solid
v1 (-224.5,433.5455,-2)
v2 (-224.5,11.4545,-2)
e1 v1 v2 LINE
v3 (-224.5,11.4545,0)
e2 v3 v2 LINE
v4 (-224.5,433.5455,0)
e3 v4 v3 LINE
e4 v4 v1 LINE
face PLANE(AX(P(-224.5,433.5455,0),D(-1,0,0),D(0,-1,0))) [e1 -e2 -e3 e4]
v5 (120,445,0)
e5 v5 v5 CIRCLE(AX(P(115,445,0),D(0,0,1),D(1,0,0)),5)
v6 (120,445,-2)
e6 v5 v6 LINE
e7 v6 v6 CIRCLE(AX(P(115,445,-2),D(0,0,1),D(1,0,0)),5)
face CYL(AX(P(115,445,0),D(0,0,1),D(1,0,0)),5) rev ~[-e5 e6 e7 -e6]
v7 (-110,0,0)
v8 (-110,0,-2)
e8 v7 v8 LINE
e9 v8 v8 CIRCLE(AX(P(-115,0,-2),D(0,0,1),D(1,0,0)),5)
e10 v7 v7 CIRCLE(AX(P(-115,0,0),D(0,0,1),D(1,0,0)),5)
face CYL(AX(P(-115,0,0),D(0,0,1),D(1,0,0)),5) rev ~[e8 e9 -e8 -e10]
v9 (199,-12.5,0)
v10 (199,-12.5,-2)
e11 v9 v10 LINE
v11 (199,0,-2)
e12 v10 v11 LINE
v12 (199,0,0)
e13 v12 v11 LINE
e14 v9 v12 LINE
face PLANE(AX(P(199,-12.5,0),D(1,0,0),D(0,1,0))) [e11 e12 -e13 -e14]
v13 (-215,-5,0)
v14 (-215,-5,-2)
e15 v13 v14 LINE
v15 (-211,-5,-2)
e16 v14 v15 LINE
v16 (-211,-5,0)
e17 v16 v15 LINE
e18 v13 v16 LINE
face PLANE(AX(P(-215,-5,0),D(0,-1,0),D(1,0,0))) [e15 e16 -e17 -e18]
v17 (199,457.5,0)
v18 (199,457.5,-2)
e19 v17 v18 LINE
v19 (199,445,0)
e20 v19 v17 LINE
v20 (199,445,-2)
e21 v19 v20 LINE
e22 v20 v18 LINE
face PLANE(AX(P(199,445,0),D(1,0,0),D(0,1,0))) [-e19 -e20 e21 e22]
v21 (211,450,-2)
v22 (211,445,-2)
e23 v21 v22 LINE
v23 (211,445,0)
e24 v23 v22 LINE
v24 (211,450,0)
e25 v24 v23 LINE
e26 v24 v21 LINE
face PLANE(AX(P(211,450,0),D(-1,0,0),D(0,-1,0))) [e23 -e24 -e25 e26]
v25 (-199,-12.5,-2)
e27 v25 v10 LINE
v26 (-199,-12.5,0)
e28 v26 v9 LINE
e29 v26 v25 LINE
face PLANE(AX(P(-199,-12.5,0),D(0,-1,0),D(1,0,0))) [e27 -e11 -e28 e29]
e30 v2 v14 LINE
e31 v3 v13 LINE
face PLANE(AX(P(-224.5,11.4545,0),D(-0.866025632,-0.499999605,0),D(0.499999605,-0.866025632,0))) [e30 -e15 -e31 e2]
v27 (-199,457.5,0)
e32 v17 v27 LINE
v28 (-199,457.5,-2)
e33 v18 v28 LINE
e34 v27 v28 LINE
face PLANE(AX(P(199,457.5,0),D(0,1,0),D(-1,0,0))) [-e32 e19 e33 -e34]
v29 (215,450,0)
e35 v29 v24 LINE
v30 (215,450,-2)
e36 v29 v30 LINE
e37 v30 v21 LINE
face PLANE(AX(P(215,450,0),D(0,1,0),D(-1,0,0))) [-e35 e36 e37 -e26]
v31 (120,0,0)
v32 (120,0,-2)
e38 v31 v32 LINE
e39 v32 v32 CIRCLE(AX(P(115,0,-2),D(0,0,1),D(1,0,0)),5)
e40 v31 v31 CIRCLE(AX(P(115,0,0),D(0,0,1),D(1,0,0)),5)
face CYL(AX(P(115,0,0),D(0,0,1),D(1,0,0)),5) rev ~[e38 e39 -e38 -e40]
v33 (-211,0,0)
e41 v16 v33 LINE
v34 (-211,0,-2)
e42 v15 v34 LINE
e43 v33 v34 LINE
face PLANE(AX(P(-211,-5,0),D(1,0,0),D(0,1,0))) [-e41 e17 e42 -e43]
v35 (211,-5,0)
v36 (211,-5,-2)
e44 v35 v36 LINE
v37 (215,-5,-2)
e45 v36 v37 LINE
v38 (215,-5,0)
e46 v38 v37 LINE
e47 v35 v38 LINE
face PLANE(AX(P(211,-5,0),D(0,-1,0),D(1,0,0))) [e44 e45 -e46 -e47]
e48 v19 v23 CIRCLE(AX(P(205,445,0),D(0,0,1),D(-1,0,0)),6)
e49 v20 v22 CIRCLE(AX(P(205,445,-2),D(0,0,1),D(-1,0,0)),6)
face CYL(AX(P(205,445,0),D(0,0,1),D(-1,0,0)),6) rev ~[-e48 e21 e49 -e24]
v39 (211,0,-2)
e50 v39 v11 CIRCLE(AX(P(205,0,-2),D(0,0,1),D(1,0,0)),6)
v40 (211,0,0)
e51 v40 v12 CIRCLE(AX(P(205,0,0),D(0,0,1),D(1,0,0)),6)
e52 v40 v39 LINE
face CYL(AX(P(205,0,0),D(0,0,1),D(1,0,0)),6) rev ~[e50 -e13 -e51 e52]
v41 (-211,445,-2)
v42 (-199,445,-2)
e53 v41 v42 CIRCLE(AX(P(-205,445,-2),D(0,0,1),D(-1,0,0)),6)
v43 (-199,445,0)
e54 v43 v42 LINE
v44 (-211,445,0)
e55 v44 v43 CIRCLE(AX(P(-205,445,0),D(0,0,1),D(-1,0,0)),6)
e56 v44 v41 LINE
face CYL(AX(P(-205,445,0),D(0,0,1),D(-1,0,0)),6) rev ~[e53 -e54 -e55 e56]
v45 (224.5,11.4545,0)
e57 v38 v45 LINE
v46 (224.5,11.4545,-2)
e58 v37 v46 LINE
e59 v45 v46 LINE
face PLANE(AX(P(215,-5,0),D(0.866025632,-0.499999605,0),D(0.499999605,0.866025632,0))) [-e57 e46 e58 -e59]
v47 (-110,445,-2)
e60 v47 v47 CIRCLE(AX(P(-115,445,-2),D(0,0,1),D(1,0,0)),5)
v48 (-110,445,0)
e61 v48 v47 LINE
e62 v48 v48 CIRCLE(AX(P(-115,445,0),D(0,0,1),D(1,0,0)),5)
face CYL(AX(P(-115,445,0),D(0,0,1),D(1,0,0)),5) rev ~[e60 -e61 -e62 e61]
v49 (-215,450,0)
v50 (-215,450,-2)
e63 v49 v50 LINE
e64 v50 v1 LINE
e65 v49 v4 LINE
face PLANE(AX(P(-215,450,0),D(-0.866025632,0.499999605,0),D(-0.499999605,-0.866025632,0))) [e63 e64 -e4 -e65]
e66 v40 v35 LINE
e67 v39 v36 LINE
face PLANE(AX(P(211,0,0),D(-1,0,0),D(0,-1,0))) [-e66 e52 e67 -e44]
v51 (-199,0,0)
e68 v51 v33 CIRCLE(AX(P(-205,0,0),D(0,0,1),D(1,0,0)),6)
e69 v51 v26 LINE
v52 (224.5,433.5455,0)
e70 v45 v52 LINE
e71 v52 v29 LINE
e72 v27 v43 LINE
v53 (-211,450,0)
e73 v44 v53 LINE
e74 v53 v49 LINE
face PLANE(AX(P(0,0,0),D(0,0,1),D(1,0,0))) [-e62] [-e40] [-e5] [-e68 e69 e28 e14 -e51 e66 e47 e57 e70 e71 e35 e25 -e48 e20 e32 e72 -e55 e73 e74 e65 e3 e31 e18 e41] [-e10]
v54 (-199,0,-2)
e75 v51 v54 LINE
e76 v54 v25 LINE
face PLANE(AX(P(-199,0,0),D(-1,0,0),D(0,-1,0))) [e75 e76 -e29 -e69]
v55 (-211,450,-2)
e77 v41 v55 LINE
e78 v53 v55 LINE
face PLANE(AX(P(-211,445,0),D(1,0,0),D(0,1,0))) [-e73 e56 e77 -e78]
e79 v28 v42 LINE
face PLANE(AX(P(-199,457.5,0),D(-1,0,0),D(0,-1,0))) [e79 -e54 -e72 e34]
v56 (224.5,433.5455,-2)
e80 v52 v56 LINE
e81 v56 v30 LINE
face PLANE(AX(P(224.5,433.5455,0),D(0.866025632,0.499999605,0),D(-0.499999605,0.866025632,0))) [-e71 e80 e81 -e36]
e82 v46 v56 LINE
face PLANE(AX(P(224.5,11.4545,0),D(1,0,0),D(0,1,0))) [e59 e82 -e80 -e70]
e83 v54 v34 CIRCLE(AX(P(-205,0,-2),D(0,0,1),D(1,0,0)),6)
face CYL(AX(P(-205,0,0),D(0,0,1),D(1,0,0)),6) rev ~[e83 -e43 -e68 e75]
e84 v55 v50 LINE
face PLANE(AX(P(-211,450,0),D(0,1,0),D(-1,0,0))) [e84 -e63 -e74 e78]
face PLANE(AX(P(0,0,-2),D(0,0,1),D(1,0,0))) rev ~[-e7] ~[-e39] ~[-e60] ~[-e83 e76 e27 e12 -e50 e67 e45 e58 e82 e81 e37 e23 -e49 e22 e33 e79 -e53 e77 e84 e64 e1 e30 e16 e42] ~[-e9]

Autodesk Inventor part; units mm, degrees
sketch "Skizze_2" plane through (0, 0, 0) normal (0, 0, 1) x (1, 0, 0)
  line L0 (-224.5, 433.5455) -> (-224.5, 11.4545)
  line L1 (-224.5, 11.4545) -> (-215, -5)
  line L2 (-215, -5) -> (-211, -5)
  line L3 (-211, -5) -> (-211, 0)
  arc A0 (-199, 0) -> (-211, 0) centre (-205, 0) ccw
  line L4 (-199, 0) -> (-199, -12.5)
  line L5 (-199, -12.5) -> (199, -12.5)
  line L6 (199, -12.5) -> (199, 0)
  arc A1 (211, 0) -> (199, 0) centre (205, 0) ccw
  line L7 (211, 0) -> (211, -5)
  line L8 (211, -5) -> (215, -5)
  line L9 (215, -5) -> (224.5, 11.4545)
  line L10 (224.5, 11.4545) -> (224.5, 433.5455)
  line L11 (224.5, 433.5455) -> (215, 450)
  line L12 (215, 450) -> (211, 450)
  line L13 (211, 450) -> (211, 445)
  arc A2 (199, 445) -> (211, 445) centre (205, 445) ccw
  line L14 (199, 445) -> (199, 457.5)
  line L15 (199, 457.5) -> (-199, 457.5)
  line L16 (-199, 457.5) -> (-199, 445)
  arc A3 (-211, 445) -> (-199, 445) centre (-205, 445) ccw
  line L17 (-211, 445) -> (-211, 450)
  line L18 (-211, 450) -> (-215, 450)
  line L19 (-215, 450) -> (-224.5, 433.5455)
  circle A4 centre (115, 445) radius 5
  circle A5 centre (115, 0) radius 5
  circle A6 centre (-115, 445) radius 5
  circle A7 centre (-115, 0) radius 5
extrude "Extrusion1" add sketch "Skizze_2" against normal blind 2
ref_plane "DPF11_XY" through (224.5, 222.5, 0) normal (0, 0, 1) x (1, 0, 0)
ref_plane "DPF11_YZ" through (224.5, 222.5, 0) normal (1, 0, 0) x (0, 1, 0)
ref_plane "DPF11_ZX" through (224.5, 222.5, 0) normal (0, 1, 0) x (0, 0, 1)
ref_plane "DPF12_XY" through (-224.5, 222.5, 0) normal (0, 0, 1) x (1, 0, 0)
ref_plane "DPF12_YZ" through (-224.5, 222.5, 0) normal (1, 0, 0) x (0, 1, 0)
ref_plane "DPF12_ZX" through (-224.5, 222.5, 0) normal (0, 1, 0) x (0, 0, 1)
ref_plane "DPF21_XY" through (205, 445, 0) normal (0, 0, 1) x (1, 0, 0)
ref_plane "DPF21_YZ" through (205, 445, 0) normal (1, 0, 0) x (0, 1, 0)
ref_plane "DPF21_ZX" through (205, 445, 0) normal (0, 1, 0) x (0, 0, 1)
ref_plane "DPF22_XY" through (-205, 445, 0) normal (0, 0, 1) x (1, 0, 0)
ref_plane "DPF22_YZ" through (-205, 445, 0) normal (1, 0, 0) x (0, 1, 0)
ref_plane "DPF22_ZX" through (-205, 445, 0) normal (0, 1, 0) x (0, 0, 1)
ref_plane "DPG11_XY" through (0, -12.5, 0) normal (0, 0, 1) x (1, 0, 0)
ref_plane "DPG11_YZ" through (0, -12.5, 0) normal (1, 0, 0) x (0, 1, 0)
ref_plane "DPG11_ZX" through (0, -12.5, 0) normal (0, 1, 0) x (0, 0, 1)
ref_plane "DPG12_XY" through (0, 457.5, 0) normal (0, 0, 1) x (1, 0, 0)
ref_plane "DPG12_YZ" through (0, 457.5, 0) normal (1, 0, 0) x (0, 1, 0)
ref_plane "DPG12_ZX" through (0, 457.5, 0) normal (0, 1, 0) x (0, 0, 1)
ref_plane "DPG21_XY" through (205, 0, 0) normal (0, 0, 1) x (1, 0, 0)
ref_plane "DPG21_YZ" through (205, 0, 0) normal (1, 0, 0) x (0, 1, 0)
ref_plane "DPG21_ZX" through (205, 0, 0) normal (0, 1, 0) x (0, 0, 1)
ref_plane "DPG22_XY" through (205, 445, 0) normal (0, 0, 1) x (1, 0, 0)
ref_plane "DPG22_YZ" through (205, 445, 0) normal (1, 0, 0) x (0, 1, 0)
ref_plane "DPG22_ZX" through (205, 445, 0) normal (0, 1, 0) x (0, 0, 1)
ref_plane "montageplatte_XY" through (-205, 0, 0) normal (0, 0, 1) x (1, 0, 0)
ref_plane "montageplatte_YZ" through (-205, 0, 0) normal (1, 0, 0) x (0, 1, 0)
ref_plane "montageplatte_ZX" through (-205, 0, 0) normal (0, 1, 0) x (0, 0, 1)
properties part number "AE 1050_01_00 MontagePlatte"
